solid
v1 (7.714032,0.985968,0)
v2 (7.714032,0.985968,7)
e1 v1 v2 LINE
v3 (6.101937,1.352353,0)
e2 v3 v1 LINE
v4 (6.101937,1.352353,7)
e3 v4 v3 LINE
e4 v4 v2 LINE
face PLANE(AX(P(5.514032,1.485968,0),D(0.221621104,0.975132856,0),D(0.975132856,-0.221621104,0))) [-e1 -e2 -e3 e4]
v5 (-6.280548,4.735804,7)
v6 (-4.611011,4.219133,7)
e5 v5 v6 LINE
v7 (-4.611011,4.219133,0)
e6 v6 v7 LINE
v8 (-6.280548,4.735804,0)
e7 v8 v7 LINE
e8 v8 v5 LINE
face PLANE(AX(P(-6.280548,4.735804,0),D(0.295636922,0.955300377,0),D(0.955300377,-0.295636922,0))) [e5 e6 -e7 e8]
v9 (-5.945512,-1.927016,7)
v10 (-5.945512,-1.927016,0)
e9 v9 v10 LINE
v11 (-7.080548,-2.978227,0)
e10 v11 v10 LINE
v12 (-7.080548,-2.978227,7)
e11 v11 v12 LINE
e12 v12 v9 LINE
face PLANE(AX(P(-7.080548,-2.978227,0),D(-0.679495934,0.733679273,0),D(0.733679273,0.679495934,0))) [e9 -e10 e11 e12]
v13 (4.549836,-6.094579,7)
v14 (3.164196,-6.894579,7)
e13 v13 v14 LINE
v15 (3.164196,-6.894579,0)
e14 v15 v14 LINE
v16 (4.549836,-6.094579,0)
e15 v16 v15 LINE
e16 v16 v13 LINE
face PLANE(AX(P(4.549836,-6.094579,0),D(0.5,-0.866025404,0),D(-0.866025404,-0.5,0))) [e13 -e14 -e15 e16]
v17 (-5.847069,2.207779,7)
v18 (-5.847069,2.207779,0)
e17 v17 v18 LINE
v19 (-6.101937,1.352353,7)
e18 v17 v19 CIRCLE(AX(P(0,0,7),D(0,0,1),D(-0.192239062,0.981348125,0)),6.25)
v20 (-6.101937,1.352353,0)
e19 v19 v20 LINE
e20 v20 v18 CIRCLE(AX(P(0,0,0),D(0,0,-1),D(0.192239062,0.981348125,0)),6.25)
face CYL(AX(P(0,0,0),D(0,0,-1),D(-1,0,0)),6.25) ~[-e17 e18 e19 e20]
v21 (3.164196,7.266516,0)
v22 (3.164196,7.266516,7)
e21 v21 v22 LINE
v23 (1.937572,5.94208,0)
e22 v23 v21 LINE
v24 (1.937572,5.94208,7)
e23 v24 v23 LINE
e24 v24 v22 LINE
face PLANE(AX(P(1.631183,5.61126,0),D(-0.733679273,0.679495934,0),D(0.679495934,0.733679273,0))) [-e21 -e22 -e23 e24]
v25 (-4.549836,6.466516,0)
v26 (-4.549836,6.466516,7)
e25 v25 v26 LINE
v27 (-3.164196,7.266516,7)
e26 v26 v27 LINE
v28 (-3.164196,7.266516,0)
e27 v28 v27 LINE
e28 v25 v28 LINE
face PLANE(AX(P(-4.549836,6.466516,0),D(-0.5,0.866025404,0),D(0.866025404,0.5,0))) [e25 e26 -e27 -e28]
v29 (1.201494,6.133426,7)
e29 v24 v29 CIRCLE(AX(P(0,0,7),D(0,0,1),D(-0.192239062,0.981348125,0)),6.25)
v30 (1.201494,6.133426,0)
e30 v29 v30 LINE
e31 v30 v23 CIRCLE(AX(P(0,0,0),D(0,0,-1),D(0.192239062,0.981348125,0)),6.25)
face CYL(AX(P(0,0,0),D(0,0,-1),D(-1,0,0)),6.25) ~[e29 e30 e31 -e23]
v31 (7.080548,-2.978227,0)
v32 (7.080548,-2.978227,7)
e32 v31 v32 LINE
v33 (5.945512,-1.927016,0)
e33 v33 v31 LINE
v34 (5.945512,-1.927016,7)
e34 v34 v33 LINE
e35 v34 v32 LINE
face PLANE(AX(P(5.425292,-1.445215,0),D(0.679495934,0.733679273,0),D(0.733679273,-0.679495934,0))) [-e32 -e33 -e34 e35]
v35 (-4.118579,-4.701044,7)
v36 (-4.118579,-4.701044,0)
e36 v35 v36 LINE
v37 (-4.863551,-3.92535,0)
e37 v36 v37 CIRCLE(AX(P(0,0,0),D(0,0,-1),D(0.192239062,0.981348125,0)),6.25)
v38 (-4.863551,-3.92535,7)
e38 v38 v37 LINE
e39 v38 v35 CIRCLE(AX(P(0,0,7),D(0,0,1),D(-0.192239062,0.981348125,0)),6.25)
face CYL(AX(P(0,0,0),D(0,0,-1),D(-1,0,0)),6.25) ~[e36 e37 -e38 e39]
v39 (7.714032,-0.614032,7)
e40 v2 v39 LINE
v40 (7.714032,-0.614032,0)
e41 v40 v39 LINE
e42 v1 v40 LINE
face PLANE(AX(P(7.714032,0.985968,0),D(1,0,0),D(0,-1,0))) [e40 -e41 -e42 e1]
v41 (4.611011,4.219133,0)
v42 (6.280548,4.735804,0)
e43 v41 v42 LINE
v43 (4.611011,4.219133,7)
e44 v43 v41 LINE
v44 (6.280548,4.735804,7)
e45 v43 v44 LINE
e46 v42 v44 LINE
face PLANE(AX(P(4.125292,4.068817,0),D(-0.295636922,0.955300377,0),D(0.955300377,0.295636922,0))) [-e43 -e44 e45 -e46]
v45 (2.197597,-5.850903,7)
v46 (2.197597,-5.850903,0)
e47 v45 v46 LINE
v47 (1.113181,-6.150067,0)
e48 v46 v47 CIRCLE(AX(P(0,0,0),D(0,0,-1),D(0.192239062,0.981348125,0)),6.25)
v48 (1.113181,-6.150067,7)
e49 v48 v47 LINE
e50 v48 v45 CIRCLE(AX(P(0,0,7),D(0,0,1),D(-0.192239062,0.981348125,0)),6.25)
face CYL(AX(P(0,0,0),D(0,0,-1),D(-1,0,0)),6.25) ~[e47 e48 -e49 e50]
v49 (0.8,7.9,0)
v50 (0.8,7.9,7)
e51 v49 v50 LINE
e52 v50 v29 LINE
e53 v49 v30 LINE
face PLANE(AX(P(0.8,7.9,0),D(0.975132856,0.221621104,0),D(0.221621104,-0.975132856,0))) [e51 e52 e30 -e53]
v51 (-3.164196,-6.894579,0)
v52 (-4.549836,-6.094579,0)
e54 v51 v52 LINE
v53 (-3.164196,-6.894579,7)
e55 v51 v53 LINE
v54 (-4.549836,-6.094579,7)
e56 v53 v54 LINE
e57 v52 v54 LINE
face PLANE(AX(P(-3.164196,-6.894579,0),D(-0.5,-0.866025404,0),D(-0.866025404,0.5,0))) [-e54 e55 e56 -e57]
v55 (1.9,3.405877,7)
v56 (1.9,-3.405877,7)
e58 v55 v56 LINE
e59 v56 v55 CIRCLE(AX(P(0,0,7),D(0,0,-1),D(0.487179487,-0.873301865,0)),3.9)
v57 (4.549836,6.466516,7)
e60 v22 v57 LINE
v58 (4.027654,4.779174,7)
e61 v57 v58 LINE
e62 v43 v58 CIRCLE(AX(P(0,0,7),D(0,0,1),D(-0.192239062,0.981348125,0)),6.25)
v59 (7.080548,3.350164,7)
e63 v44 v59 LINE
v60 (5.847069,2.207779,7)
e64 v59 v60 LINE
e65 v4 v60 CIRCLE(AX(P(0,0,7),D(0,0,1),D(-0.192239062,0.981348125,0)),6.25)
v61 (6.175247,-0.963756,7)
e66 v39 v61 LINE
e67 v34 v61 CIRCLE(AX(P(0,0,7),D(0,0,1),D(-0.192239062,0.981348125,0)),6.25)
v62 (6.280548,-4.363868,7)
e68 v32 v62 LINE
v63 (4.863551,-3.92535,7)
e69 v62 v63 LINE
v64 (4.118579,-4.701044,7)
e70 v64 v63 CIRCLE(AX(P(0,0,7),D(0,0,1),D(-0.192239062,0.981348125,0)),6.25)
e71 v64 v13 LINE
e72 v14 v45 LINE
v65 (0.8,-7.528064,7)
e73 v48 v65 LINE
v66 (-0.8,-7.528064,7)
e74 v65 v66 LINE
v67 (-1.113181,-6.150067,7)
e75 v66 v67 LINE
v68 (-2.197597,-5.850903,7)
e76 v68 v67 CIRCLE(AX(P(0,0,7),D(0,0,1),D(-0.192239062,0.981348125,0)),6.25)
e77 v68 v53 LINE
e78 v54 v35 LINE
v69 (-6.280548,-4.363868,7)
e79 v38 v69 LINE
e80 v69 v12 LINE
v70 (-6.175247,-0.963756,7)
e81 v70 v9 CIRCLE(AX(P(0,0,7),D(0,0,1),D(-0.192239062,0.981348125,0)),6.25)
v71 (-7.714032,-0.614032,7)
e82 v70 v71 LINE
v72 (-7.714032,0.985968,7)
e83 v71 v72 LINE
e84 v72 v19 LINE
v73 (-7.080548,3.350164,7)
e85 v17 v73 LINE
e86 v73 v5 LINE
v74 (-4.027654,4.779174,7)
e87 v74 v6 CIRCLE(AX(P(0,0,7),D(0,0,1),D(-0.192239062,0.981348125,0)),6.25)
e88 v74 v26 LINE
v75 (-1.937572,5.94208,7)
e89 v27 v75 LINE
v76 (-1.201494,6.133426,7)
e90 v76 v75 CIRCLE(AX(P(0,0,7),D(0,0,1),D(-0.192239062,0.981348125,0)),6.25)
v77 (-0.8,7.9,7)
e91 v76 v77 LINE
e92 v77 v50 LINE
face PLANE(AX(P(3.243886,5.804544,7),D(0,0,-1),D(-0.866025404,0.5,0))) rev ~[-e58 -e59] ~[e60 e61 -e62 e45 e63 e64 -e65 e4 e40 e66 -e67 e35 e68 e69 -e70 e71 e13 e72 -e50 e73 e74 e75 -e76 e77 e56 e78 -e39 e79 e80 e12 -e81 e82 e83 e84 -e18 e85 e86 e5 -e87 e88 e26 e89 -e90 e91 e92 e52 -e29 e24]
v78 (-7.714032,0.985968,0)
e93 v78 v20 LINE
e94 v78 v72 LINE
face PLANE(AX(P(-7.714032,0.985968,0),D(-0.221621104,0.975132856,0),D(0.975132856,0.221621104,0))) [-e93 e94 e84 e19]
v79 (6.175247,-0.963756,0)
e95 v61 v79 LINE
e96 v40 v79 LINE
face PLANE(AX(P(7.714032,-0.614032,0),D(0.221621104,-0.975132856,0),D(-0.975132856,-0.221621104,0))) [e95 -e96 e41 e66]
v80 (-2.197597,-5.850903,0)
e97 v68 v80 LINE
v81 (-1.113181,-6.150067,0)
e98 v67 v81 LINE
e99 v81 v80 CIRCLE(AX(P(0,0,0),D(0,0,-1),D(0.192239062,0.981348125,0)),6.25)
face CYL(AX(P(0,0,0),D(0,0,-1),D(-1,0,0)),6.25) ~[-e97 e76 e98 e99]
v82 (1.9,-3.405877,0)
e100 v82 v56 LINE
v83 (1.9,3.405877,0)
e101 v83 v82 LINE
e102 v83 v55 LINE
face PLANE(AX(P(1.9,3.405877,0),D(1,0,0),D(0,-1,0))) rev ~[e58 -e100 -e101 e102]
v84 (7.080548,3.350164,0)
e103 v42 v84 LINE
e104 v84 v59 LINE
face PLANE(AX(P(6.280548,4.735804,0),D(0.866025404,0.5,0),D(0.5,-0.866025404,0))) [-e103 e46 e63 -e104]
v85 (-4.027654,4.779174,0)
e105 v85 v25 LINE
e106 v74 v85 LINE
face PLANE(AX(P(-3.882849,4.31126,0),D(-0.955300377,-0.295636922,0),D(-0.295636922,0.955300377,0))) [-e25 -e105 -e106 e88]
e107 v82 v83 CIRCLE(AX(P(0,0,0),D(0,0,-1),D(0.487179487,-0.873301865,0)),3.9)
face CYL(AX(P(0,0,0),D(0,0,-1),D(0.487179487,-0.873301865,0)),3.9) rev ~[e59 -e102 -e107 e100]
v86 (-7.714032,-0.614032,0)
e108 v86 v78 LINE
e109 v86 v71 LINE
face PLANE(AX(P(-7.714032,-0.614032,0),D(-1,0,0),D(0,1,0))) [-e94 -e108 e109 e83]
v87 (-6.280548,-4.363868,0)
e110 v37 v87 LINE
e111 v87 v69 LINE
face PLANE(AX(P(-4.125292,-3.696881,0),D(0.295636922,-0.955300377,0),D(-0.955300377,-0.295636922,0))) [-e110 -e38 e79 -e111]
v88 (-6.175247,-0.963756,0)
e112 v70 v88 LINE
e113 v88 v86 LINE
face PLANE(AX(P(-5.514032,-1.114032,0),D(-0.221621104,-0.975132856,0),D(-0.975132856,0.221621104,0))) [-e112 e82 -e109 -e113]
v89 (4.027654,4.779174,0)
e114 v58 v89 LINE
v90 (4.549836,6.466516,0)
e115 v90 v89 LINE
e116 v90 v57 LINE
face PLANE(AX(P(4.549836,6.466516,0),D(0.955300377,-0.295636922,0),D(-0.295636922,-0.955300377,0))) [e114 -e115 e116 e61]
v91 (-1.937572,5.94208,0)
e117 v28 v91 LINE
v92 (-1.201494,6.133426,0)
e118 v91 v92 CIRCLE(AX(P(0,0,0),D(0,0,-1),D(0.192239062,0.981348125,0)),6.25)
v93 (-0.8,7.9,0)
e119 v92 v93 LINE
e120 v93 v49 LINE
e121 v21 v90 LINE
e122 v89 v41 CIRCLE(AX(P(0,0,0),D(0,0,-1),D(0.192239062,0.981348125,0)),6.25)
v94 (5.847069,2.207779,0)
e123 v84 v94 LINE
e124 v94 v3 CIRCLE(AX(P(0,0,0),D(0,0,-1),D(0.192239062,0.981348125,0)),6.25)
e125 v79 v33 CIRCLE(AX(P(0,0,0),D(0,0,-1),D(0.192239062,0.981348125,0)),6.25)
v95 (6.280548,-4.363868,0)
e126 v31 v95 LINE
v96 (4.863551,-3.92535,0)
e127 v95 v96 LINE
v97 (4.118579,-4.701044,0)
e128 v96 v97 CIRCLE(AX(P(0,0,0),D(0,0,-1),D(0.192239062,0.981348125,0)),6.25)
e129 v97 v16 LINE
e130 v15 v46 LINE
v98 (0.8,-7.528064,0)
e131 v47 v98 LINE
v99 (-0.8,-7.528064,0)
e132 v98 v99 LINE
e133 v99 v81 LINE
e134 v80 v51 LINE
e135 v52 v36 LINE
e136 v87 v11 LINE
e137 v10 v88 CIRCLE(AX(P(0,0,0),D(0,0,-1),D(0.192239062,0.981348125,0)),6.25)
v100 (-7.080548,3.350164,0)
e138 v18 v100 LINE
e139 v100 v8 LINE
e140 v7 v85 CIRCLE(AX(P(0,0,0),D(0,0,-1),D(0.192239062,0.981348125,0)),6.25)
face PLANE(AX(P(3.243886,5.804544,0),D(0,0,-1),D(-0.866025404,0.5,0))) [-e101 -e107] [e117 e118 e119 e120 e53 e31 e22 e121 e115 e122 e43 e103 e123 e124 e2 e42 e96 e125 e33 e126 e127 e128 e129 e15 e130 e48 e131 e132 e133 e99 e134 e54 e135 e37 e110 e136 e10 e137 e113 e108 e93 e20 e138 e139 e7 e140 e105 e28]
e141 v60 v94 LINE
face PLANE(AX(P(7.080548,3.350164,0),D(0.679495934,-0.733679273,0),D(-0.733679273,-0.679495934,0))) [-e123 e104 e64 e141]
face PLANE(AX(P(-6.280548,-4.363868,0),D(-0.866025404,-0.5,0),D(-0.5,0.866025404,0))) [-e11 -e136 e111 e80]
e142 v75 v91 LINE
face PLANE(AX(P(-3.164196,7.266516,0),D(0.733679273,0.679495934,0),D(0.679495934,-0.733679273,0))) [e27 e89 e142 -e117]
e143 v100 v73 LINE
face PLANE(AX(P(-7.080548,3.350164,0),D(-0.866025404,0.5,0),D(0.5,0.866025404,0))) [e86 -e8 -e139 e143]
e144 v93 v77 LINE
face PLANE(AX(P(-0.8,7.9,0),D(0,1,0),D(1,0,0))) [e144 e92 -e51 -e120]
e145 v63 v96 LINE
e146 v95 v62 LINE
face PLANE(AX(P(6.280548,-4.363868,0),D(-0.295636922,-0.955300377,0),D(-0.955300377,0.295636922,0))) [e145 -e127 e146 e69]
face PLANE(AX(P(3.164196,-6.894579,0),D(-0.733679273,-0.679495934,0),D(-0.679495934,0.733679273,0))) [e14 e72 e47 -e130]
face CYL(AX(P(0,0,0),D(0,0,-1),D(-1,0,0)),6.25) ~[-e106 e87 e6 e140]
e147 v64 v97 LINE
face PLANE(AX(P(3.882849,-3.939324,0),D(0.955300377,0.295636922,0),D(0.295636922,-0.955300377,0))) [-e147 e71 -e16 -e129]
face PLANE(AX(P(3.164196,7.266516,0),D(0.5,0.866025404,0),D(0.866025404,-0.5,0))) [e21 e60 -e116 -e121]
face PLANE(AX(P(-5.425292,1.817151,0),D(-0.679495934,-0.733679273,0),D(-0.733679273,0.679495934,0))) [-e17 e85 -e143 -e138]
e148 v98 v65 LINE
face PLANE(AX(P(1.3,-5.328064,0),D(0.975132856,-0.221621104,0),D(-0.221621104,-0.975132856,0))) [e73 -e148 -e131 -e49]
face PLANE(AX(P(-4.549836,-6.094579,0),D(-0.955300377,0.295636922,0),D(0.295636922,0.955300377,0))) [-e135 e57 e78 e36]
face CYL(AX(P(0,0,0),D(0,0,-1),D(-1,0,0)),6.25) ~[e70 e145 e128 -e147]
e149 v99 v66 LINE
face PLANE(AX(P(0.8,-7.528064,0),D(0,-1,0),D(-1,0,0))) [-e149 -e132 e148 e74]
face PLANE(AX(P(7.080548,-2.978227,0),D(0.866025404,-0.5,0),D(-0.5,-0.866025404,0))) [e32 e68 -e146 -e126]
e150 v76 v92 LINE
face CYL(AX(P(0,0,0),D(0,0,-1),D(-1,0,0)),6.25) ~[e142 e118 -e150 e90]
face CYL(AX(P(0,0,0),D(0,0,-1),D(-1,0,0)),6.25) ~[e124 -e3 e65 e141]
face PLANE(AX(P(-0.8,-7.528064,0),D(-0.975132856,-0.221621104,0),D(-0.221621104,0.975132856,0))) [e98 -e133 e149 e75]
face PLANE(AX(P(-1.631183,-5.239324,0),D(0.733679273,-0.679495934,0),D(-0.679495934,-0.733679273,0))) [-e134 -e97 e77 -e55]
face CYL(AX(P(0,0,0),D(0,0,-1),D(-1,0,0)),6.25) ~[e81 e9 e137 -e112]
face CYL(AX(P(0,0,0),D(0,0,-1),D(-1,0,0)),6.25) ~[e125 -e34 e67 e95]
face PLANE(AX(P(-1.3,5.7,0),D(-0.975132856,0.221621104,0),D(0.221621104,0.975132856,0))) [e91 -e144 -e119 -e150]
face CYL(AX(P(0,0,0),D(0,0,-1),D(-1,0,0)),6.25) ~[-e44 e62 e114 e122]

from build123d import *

# Parameters (mm, degrees)
SKETCH1_R           = 6.25
BOSS_EXTRUDE1_DEPTH = 7
BOSS_EXTRUDE2_DEPTH = 7
CIRPATTERN1_COUNT   = 12
CUT_EXTRUDE1_DEPTH  = 7


with BuildPart() as part:
    # Sketch1 → Boss-Extrude1 (new body)
    with BuildSketch(Plane.XY):
        with Locations(Location((0, 0, 0), (0, 0, 180))):
            Circle(SKETCH1_R)
    extrude(amount=BOSS_EXTRUDE1_DEPTH)

    # Sketch3 → Boss-Extrude2 (add)
    with BuildSketch(Plane.XY):
        Polygon((-0.8, 7.9), (0.8, 7.9), (1.3, 5.7), (-1.3, 5.7), align=None)
    boss_extrude2 = extrude(amount=BOSS_EXTRUDE2_DEPTH)

    # CirPattern1: Boss-Extrude2 ×12 about axis
    cirpattern1_axis = Axis((0, 0.185968122, 0), (0, 0, 1))
    for i in range(1, CIRPATTERN1_COUNT):
        add(boss_extrude2.rotate(cirpattern1_axis, i * 360 / CIRPATTERN1_COUNT))

    # Sketch4 → Cut-Extrude1 (cut)
    with BuildSketch(Plane.XY):
        with BuildLine():
            Line((1.9, 3.405877273), (1.9, -3.405877273))
            ThreePointArc((1.9, -3.405877273), (-3.9, 0), (1.9, 3.405877273))
        make_face()
    extrude(amount=CUT_EXTRUDE1_DEPTH, mode=Mode.SUBTRACT)


solid = part.part
